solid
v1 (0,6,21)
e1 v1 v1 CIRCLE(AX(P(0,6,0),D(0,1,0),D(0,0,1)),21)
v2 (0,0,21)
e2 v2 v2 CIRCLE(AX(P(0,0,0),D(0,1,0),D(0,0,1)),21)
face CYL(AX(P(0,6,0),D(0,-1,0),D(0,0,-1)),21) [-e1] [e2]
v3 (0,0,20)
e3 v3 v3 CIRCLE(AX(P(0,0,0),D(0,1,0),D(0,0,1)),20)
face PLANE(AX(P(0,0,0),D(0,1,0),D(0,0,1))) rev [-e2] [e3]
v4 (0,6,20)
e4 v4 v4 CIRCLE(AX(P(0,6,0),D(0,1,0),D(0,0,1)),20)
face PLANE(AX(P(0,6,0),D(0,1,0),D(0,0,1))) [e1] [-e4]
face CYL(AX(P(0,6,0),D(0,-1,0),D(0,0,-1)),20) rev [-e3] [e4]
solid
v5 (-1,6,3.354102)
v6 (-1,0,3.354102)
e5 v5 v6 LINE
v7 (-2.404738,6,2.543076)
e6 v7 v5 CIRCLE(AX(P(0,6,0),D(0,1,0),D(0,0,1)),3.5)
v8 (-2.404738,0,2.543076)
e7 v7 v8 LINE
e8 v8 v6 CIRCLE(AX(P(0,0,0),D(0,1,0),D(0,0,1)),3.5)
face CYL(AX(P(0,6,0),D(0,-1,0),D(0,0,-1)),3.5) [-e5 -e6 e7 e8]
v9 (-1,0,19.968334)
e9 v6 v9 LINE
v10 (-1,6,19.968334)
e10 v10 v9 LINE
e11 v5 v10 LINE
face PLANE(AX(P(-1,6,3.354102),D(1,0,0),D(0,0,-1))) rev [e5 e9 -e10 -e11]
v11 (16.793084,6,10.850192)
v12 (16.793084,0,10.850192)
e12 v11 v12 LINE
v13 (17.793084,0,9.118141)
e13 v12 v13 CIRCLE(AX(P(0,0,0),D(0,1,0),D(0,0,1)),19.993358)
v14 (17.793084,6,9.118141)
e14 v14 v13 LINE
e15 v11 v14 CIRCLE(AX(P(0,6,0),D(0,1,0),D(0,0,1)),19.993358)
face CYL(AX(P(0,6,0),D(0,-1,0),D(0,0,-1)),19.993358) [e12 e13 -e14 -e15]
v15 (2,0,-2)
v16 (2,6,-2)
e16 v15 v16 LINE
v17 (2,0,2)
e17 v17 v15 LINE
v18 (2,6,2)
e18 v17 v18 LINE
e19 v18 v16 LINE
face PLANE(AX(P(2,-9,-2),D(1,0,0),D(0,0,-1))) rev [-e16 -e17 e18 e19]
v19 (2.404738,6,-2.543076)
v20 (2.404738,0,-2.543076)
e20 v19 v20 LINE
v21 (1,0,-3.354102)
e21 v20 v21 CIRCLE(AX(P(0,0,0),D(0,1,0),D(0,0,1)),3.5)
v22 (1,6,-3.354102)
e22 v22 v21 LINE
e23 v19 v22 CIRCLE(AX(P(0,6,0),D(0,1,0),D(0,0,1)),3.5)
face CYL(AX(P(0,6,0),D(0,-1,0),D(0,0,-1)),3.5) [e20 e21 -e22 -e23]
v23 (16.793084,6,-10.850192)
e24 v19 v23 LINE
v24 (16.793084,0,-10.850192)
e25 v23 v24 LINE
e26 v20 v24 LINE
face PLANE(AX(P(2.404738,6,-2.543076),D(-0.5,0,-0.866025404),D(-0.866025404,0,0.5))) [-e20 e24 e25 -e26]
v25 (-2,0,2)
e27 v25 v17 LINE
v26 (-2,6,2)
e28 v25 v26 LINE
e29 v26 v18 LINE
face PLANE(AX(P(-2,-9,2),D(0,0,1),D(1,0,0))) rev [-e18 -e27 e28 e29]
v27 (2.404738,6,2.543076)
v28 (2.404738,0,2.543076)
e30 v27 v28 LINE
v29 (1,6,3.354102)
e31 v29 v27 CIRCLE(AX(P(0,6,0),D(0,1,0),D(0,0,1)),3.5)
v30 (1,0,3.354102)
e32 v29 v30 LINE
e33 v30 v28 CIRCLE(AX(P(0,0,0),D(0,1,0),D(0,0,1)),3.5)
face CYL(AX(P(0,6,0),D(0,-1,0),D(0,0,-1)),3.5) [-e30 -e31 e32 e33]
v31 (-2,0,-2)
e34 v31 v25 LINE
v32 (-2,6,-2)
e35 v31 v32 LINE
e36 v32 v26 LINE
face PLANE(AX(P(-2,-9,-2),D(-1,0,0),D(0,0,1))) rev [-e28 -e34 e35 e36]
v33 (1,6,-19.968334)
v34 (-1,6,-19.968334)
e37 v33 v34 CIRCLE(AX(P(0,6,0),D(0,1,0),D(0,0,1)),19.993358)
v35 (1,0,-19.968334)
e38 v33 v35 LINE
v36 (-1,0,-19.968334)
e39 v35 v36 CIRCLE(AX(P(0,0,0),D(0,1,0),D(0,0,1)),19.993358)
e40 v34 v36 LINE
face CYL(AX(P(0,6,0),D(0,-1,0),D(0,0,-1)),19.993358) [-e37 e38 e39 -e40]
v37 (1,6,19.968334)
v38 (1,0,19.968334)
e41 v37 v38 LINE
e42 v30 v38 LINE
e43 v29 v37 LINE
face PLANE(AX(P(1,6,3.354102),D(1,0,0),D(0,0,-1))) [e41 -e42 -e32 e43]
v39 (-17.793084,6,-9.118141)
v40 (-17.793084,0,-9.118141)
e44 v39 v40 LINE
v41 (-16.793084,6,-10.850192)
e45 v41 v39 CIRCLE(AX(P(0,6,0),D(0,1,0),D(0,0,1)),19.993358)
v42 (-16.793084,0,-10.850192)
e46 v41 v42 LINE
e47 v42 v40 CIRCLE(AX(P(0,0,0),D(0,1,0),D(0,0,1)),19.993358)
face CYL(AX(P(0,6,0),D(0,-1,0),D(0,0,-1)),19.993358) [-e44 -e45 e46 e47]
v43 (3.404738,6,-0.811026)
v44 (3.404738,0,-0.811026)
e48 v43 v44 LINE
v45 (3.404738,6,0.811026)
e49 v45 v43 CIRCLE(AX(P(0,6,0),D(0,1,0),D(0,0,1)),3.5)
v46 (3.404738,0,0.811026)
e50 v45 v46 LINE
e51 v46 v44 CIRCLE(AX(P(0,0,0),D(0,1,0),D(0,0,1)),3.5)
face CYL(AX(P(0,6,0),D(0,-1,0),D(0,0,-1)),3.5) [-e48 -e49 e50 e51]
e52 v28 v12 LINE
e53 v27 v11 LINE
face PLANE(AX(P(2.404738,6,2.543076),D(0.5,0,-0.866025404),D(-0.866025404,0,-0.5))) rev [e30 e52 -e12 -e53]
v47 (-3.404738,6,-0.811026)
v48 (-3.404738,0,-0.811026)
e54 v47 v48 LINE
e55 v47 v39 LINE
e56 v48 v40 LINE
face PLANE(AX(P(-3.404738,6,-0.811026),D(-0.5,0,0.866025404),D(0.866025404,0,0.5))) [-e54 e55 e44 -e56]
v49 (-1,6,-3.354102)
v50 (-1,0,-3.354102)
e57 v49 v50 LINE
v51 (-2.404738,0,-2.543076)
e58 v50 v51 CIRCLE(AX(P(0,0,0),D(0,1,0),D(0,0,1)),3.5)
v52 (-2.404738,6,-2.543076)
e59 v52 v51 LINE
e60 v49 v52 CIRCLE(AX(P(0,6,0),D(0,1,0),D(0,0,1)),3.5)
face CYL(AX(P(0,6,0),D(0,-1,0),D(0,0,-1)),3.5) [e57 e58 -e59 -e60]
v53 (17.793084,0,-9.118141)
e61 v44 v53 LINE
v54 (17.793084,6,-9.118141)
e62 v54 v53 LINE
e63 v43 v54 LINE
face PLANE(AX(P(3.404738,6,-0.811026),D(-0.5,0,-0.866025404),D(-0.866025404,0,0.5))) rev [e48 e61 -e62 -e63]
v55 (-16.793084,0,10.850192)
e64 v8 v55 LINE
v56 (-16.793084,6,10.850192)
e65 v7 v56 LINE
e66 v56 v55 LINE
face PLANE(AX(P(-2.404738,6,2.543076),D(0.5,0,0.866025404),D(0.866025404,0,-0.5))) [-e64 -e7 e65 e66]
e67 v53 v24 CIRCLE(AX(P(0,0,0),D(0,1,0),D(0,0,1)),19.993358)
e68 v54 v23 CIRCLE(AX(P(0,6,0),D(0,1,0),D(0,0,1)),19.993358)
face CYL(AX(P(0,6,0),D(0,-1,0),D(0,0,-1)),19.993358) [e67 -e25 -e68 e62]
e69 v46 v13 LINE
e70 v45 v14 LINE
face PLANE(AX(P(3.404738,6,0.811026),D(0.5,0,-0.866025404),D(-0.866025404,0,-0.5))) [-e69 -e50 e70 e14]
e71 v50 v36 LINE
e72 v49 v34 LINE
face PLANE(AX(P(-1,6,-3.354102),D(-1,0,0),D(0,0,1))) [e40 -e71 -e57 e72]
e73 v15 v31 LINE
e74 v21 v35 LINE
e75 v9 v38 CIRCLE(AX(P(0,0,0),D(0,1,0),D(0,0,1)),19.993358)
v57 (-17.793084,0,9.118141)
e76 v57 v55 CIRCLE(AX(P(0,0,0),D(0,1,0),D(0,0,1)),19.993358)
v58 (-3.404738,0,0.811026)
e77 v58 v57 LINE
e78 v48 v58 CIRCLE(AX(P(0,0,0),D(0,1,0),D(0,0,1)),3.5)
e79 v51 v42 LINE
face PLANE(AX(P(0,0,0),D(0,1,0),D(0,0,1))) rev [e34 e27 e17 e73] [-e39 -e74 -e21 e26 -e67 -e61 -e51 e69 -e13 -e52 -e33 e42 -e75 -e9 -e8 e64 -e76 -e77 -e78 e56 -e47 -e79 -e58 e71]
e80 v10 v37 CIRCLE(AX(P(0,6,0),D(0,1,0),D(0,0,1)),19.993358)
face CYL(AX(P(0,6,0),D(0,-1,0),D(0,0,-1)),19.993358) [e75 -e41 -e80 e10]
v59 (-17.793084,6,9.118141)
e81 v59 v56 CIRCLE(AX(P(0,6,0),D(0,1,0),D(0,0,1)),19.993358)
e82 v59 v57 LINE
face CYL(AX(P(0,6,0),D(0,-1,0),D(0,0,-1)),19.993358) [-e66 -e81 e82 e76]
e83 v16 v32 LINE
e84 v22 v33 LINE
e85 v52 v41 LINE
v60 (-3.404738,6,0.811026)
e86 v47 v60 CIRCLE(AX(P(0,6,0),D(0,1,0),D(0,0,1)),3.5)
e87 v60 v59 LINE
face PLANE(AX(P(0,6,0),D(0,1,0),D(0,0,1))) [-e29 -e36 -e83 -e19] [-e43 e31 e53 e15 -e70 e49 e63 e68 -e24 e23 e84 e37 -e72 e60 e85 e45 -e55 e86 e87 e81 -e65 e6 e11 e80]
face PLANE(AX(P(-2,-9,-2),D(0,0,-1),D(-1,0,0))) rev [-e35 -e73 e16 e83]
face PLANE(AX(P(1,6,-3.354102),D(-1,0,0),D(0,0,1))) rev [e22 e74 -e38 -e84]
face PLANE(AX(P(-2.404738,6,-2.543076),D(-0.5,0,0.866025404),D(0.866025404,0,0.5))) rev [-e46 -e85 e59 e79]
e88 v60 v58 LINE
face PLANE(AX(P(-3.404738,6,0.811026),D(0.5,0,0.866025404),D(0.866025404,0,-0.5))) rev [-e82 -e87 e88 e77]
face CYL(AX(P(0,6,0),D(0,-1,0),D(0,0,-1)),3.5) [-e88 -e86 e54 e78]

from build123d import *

# Parameters (mm, degrees)
SKETCH1_R           = 21
SKETCH1_R_2         = 20
BOSS_EXTRUDE4_DEPTH = 6
BOSS_EXTRUDE5_DEPTH = 6
SKETCH5_W           = 4
SKETCH5_H           = 4
CUT_EXTRUDE1_DEPTH  = 15


with BuildPart() as part:
    # Sketch1 → Boss-Extrude4 (new body)
    with BuildSketch(Plane(origin=(0, 0, 0), x_dir=(1, 0, 0), z_dir=(0, 1, 0))):
        Circle(SKETCH1_R)
        Circle(SKETCH1_R_2, mode=Mode.SUBTRACT)
    extrude(amount=BOSS_EXTRUDE4_DEPTH)


with BuildPart() as body_2:
    # Sketch4 → Boss-Extrude5 (new body)
    with BuildSketch(Plane(origin=(0, 0, 0), x_dir=(1, 0, 0), z_dir=(0, 1, 0))):
        with BuildLine():
            ThreePointArc((1, -3.354101966), (1.75, -3.031088913), (2.40473751, -2.543076387))
            Line((2.40473751, -2.543076387), (16.793084245, -10.850192248))
            ThreePointArc((16.793084245, -10.850192248), (17.314755635, -9.996678827), (17.793084245, -9.11814144))
            Line((17.793084245, -9.11814144), (3.40473751, -0.811025579))
            ThreePointArc((3.40473751, -0.811025579), (3.5, 0), (3.40473751, 0.811025579))
            Line((3.40473751, 0.811025579), (17.793084245, 9.11814144))
            ThreePointArc((17.793084245, 9.11814144), (17.314755635, 9.996678827), (16.793084245, 10.850192248))
            Line((16.793084245, 10.850192248), (2.40473751, 2.543076387))
            ThreePointArc((2.40473751, 2.543076387), (1.75, 3.031088913), (1, 3.354101966))
            Line((1, 3.354101966), (1, 19.968333688))
            ThreePointArc((1, 19.968333688), (0, 19.993357654), (-1, 19.968333688))
            Line((-1, 19.968333688), (-1, 3.354101966))
            ThreePointArc((-1, 3.354101966), (-1.75, 3.031088913), (-2.40473751, 2.543076387))
            Line((-2.40473751, 2.543076387), (-16.793084245, 10.850192248))
            ThreePointArc((-16.793084245, 10.850192248), (-17.314755635, 9.996678827), (-17.793084245, 9.11814144))
            Line((-17.793084245, 9.11814144), (-3.40473751, 0.811025579))
            ThreePointArc((-3.40473751, 0.811025579), (-3.5, 0), (-3.40473751, -0.811025579))
            Line((-3.40473751, -0.811025579), (-17.793084245, -9.11814144))
            ThreePointArc((-17.793084245, -9.11814144), (-17.314755635, -9.996678827), (-16.793084245, -10.850192248))
            Line((-16.793084245, -10.850192248), (-2.40473751, -2.543076387))
            ThreePointArc((-2.40473751, -2.543076387), (-1.75, -3.031088913), (-1, -3.354101966))
            Line((-1, -3.354101966), (-1, -19.968333688))
            ThreePointArc((-1, -19.968333688), (0, -19.993357654), (1, -19.968333688))
            Line((1, -19.968333688), (1, -3.354101966))
        make_face()
    extrude(amount=BOSS_EXTRUDE5_DEPTH)

    # Sketch5 → Cut-Extrude1 (cut)
    with BuildSketch(Plane(origin=(0, 6, 0), x_dir=(1, 0, 0), z_dir=(0, 1, 0))):
        Rectangle(SKETCH5_W, SKETCH5_H)
    extrude(amount=-CUT_EXTRUDE1_DEPTH, mode=Mode.SUBTRACT)


solid = Compound([part.part, body_2.part])
